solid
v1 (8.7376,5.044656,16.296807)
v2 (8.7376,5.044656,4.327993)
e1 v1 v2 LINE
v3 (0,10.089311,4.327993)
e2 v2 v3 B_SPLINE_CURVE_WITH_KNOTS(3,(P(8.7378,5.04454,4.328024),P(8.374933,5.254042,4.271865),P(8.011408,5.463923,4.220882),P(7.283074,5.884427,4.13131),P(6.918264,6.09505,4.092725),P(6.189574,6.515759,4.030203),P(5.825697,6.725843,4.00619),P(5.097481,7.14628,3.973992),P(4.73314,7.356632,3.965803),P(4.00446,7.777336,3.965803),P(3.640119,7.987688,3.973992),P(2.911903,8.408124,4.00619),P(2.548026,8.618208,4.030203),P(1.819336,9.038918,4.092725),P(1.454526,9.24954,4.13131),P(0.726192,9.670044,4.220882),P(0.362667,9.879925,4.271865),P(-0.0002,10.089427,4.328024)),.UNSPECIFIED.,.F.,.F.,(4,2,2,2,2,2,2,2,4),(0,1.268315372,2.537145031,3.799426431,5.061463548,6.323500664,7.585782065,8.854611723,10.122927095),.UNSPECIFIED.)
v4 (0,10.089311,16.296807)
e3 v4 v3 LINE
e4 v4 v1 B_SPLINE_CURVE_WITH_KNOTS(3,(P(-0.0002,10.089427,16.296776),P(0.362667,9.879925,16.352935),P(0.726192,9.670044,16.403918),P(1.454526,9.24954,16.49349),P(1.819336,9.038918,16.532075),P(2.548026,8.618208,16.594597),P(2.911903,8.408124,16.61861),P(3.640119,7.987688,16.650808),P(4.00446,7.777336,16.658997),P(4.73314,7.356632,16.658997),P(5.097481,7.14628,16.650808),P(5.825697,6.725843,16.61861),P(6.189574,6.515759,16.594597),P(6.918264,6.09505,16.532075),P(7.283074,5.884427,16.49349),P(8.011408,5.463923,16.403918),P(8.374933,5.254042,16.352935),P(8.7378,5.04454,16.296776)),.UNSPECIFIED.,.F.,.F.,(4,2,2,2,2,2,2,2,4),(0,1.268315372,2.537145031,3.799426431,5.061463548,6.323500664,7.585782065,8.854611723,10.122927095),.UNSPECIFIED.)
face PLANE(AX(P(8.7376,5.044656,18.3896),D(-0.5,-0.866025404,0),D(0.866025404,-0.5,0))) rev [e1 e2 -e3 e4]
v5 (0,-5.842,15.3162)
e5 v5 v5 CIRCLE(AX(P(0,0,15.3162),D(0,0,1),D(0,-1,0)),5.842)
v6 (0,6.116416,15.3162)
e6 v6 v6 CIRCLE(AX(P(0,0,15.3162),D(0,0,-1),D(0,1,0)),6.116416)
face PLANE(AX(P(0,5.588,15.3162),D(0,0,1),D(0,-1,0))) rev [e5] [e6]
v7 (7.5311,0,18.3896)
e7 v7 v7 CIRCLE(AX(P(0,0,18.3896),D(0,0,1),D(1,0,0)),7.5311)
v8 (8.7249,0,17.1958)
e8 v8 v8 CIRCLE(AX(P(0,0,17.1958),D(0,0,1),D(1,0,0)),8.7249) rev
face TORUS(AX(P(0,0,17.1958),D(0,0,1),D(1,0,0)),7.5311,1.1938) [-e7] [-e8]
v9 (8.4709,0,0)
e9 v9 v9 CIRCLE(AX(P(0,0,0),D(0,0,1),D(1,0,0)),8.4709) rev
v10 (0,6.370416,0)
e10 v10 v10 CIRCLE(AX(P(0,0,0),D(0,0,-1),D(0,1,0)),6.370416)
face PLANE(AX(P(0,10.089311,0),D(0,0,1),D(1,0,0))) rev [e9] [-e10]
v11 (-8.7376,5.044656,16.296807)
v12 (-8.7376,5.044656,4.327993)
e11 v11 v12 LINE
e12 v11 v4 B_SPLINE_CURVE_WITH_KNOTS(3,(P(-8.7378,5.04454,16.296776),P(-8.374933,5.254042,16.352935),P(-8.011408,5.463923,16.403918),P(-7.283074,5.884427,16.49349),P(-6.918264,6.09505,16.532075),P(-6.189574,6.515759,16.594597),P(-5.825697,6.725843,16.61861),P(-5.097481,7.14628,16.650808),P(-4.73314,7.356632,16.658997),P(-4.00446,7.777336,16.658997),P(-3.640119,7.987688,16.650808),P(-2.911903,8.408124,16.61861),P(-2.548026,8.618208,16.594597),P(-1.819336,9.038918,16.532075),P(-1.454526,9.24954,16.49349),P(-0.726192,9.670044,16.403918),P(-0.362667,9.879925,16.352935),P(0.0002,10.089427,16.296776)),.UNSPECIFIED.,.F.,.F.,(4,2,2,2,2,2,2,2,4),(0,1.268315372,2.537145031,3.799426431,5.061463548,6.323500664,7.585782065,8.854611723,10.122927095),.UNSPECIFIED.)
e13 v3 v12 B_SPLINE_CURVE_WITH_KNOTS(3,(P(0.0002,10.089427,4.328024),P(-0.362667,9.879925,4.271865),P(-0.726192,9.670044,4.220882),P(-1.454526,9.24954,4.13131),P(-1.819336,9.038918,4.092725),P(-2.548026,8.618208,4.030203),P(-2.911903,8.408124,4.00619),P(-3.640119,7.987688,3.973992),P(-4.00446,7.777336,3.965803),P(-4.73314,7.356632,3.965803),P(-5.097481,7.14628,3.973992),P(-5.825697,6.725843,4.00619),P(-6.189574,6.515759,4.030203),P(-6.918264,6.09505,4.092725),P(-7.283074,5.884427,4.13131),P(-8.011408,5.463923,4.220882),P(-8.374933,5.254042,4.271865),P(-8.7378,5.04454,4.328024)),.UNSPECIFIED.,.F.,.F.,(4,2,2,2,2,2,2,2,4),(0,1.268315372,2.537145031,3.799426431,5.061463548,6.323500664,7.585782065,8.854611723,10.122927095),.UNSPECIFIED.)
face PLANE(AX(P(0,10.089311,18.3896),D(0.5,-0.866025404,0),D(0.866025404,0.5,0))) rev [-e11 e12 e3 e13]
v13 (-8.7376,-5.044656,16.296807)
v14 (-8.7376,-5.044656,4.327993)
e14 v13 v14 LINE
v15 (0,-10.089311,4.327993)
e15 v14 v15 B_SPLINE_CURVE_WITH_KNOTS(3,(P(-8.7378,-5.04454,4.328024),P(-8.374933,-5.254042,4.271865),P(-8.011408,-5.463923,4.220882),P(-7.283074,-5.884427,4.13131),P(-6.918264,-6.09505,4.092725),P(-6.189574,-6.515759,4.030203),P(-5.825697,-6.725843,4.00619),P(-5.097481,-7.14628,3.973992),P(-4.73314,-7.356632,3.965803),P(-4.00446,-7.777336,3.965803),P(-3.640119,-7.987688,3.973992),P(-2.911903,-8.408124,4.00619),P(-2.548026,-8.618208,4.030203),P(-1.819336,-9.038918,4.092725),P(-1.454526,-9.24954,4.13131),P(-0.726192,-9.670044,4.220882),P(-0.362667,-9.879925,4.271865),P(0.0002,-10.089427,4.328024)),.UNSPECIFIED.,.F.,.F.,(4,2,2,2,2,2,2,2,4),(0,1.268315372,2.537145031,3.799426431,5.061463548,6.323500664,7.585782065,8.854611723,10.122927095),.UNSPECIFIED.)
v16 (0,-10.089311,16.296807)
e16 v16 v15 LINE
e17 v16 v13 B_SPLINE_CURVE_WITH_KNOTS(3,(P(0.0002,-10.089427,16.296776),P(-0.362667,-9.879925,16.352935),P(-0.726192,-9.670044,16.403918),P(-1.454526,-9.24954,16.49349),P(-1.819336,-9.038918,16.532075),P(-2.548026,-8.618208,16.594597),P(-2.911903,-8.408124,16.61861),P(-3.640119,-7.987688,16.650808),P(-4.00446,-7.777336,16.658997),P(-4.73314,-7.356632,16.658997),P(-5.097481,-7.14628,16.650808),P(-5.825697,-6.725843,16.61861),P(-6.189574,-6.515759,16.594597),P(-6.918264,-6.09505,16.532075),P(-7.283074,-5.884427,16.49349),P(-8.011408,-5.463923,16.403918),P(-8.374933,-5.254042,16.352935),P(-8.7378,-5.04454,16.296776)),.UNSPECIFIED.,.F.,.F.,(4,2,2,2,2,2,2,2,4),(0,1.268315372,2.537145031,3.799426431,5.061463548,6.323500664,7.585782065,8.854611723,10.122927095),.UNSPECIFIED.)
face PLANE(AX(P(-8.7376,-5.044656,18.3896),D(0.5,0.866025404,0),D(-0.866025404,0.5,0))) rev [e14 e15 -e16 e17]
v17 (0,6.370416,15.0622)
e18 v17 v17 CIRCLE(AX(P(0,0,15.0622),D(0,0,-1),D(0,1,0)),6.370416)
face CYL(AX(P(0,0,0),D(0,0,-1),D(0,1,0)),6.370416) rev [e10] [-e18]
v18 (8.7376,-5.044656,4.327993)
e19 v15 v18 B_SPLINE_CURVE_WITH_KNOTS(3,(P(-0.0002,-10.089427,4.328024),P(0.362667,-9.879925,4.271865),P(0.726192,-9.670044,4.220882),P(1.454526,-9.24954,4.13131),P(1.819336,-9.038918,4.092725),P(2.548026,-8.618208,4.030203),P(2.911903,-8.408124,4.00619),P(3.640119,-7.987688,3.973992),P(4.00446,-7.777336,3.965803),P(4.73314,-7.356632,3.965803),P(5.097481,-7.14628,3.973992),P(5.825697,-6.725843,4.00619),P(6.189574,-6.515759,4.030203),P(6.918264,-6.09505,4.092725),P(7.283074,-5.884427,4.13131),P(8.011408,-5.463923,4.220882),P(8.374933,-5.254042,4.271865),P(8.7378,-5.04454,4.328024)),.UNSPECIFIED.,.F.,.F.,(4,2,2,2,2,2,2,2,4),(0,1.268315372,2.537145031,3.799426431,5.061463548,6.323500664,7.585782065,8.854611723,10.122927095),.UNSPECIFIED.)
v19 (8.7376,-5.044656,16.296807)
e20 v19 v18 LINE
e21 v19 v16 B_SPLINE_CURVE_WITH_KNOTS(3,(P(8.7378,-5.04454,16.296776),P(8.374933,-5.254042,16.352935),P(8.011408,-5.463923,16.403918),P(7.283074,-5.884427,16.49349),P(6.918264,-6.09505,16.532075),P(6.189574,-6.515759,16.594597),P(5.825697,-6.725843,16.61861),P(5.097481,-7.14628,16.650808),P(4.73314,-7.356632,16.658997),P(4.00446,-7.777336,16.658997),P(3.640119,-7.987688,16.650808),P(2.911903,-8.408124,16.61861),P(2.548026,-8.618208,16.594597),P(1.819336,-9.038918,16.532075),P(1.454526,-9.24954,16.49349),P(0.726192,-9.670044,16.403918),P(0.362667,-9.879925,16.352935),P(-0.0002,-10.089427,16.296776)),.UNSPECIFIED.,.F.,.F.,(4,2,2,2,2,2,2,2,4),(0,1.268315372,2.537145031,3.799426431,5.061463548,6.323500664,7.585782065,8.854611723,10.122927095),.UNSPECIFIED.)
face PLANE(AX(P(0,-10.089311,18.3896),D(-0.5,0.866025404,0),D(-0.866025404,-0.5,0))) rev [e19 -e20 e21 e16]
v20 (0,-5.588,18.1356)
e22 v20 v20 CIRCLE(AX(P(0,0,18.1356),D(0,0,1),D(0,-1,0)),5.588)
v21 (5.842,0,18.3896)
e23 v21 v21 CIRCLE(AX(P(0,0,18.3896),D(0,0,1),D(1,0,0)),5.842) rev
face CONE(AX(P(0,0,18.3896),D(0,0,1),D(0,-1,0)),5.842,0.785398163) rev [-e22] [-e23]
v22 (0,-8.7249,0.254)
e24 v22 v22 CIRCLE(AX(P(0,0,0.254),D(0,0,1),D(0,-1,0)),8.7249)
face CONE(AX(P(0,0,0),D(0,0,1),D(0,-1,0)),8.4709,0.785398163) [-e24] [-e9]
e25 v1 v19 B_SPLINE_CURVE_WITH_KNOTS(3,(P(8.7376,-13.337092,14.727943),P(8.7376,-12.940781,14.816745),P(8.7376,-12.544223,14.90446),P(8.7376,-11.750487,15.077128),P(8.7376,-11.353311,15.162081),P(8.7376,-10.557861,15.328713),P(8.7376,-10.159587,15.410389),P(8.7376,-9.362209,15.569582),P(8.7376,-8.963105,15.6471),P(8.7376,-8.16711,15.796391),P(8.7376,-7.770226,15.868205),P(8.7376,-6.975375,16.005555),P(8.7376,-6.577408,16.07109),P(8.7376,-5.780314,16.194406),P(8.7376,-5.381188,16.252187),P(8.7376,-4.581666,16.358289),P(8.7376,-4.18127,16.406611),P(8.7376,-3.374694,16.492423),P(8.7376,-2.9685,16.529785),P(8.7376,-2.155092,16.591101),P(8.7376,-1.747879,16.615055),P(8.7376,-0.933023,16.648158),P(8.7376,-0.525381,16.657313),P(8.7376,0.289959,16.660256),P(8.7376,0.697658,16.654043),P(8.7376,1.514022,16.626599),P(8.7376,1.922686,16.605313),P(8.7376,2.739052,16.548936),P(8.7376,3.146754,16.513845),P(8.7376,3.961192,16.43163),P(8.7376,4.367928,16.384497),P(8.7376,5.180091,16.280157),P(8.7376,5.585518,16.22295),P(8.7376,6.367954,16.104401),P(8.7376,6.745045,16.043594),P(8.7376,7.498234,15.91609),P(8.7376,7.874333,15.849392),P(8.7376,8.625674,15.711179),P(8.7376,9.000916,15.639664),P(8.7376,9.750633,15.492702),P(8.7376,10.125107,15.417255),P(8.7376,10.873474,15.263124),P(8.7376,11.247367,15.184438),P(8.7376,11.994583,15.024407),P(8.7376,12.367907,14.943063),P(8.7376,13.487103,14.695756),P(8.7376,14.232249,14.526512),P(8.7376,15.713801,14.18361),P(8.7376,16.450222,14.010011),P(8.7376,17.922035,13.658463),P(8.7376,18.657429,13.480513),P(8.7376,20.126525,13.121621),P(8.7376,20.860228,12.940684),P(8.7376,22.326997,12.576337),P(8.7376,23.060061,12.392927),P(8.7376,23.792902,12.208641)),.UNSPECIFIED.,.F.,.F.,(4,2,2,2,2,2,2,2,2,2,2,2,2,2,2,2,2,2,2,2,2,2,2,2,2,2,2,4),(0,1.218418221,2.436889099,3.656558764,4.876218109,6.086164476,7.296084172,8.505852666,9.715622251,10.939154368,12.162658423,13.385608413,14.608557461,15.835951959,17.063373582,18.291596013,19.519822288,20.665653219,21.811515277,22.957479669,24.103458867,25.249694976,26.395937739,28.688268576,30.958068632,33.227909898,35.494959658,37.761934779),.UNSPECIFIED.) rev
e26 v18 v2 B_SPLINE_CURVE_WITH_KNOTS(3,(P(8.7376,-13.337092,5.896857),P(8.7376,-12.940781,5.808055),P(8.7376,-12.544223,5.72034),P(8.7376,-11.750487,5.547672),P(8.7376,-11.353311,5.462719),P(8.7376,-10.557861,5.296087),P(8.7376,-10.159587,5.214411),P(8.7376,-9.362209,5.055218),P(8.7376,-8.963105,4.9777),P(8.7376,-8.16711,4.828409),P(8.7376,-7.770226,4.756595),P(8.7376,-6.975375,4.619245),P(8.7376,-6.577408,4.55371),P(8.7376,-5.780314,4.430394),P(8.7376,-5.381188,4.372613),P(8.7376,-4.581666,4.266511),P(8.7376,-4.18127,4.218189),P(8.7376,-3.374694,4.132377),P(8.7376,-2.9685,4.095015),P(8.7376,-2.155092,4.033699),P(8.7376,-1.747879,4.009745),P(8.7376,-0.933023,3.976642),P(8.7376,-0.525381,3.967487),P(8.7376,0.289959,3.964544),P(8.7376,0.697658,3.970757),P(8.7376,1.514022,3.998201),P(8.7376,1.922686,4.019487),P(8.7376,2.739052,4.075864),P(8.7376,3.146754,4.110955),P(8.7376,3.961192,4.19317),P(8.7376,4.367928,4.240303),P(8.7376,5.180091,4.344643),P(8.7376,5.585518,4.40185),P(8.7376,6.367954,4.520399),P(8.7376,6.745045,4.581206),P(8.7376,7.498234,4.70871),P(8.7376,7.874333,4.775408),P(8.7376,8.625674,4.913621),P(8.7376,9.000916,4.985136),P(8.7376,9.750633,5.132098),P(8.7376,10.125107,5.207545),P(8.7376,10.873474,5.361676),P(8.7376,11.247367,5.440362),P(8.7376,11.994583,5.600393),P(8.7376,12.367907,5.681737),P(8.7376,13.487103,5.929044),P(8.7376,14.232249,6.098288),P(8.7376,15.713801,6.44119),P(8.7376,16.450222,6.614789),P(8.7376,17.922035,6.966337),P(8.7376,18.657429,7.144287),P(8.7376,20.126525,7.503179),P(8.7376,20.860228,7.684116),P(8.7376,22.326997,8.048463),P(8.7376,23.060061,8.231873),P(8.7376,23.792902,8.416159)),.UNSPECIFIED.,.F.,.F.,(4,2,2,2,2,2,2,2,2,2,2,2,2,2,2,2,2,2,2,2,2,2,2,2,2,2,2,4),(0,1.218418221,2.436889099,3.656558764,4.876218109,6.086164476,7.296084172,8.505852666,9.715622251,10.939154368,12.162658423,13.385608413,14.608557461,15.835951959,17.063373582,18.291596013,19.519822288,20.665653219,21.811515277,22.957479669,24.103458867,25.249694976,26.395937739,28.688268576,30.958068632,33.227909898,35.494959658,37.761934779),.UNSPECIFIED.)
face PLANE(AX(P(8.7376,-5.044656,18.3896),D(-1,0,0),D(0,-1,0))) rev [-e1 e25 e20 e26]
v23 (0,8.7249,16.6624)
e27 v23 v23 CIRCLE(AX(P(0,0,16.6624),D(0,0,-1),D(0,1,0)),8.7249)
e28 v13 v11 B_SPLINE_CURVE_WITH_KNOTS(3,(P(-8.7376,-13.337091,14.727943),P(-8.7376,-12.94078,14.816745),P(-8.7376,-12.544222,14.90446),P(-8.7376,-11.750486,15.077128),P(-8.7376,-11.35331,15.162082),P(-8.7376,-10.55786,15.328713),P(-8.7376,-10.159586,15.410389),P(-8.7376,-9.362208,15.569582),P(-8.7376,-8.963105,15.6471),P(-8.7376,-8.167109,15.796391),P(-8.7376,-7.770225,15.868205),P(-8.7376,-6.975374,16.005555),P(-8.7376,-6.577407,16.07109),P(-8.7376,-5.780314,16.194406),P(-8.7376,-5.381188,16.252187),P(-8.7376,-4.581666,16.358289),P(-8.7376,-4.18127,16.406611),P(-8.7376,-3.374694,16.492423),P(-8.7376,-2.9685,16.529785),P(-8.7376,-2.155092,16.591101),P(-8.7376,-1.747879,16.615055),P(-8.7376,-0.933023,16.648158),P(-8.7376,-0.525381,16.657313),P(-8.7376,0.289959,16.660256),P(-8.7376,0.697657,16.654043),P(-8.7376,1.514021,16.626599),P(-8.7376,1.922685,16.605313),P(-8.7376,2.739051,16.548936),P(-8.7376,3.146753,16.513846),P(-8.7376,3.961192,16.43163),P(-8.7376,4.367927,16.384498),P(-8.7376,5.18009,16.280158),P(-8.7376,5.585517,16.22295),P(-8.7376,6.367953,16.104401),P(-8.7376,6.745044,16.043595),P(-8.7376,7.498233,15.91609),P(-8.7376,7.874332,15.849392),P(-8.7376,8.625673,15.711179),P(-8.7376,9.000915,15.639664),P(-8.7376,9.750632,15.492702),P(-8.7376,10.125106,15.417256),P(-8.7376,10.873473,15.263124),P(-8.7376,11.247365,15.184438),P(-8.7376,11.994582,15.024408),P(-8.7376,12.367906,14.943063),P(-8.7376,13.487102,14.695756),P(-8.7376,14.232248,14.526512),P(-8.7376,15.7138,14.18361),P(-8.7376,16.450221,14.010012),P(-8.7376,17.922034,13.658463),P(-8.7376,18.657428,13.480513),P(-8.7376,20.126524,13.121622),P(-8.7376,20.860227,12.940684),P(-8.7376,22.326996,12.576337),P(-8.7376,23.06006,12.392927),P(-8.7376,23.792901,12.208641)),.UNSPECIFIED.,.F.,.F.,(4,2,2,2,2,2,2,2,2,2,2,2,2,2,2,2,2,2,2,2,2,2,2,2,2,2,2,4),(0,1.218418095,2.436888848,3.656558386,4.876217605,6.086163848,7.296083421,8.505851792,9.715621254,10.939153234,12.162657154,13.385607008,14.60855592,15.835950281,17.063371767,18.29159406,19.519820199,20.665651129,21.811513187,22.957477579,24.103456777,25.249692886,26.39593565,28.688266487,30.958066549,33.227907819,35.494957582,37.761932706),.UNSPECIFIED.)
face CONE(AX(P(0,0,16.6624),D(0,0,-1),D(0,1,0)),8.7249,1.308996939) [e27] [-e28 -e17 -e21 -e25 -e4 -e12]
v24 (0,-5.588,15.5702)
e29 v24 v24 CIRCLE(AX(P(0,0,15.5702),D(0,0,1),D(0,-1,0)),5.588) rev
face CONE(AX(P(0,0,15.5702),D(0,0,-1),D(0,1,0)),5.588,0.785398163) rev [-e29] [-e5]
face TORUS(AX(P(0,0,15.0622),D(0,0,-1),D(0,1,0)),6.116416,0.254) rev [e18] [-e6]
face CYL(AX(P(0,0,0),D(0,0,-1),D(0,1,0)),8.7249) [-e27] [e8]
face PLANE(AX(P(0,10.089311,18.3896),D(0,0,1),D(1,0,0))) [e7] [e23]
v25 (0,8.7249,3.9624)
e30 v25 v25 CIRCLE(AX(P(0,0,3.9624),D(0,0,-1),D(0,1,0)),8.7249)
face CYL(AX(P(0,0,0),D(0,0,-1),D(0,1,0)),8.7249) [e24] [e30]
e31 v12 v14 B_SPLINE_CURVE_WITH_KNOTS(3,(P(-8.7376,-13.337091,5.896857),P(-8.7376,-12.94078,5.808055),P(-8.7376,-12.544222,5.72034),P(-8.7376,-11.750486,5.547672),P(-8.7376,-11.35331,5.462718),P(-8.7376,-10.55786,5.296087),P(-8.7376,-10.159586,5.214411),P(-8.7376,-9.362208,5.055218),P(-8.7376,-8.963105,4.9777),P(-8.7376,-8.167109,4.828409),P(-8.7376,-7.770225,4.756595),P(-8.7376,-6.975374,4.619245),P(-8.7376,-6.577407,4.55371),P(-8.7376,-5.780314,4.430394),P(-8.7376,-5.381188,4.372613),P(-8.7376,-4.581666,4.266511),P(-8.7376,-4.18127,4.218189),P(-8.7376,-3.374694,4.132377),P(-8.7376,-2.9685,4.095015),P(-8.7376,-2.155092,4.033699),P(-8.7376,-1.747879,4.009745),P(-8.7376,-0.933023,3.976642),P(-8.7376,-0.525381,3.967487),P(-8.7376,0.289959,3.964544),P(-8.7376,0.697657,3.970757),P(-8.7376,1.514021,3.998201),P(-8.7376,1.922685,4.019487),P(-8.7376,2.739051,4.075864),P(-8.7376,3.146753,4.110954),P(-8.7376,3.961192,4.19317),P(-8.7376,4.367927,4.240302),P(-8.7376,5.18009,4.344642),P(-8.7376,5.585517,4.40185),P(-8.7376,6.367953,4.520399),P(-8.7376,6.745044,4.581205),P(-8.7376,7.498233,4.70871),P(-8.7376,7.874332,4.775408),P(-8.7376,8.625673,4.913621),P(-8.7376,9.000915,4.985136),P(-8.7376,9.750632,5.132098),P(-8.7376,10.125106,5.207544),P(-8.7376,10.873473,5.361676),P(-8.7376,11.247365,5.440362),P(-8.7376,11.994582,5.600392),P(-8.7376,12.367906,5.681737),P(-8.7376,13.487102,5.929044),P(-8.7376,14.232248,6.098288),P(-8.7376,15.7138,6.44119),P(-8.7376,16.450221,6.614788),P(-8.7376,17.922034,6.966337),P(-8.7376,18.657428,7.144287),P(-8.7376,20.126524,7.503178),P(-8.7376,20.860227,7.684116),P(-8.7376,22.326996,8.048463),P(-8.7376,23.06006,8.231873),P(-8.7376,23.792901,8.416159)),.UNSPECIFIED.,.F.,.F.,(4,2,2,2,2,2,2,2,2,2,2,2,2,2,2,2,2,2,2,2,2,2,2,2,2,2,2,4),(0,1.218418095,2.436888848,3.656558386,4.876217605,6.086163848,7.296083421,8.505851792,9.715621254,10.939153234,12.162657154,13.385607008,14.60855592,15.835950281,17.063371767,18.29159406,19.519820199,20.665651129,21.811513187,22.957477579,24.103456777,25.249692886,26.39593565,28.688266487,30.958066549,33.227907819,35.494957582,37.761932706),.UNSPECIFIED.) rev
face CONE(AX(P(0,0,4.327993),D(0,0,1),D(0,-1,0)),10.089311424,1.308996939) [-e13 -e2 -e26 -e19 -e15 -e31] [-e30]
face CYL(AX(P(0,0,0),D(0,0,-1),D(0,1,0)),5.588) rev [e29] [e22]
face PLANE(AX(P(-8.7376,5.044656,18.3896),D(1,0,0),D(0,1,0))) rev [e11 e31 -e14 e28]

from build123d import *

# Parameters (mm, degrees)
BOSS_EXTRUDE1_DEPTH = 18.3896
FILLET1_R           = 1.1938
CHAMFER1_SIZE       = 0.254
CHAMFER2_SIZE       = 0.254


with BuildPart() as part:
    # Sketch1 → Boss-Extrude1 (new body)
    with BuildSketch(Plane.XY):
        Polygon((0, 10.089311424), (-8.7376, 5.044655712), (-8.7376, -5.044655712), (0, -10.089311424), (8.7376, -5.044655712), (8.7376, 5.044655712), align=None)
    extrude(amount=BOSS_EXTRUDE1_DEPTH)

    # Sketch2 → Cut-Revolve1 (revolve, cut)
    with BuildSketch(Plane(origin=(0, 0, 0), x_dir=(0, 0, -1), z_dir=(1, 0, 0))):
        Polygon((-18.3896, 11.453722848), (-18.3896, 8.7249), (-16.6624, 8.7249), (-16.296807061, 10.089311424), (-4.327992939, 10.089311424), (-3.9624, 8.7249), (0, 8.7249), (0, 11.453722848), align=None)
        with BuildLine():
            Line((-18.3896, 5.588), (-18.3896, 0))
            Line((-18.3896, 0), (0, 0))
            Line((0, 0), (0, 6.370416378))
            Line((0, 6.370416378), (-15.0622, 6.370416378))
            ThreePointArc((-15.0622, 6.370416378), (-15.241805122, 6.2960215), (-15.3162, 6.116416378))
            Line((-15.3162, 6.116416378), (-15.3162, 5.588))
            Line((-15.3162, 5.588), (-18.3896, 5.588))
        make_face()
    revolve(axis=Axis((0, 0, 0), (0, 0, 1)), mode=Mode.SUBTRACT)

    # Fillet1
    fillet1_edges = [part.edges().sort_by_distance(p)[0] for p in [
        (0, -8.7249, 18.3896),
    ]]
    fillet(fillet1_edges, radius=FILLET1_R)

    # Chamfer1
    chamfer1_edges = [part.edges().sort_by_distance(p)[0] for p in [
        (0, -8.7249, 0),
    ]]
    chamfer(chamfer1_edges, length=CHAMFER1_SIZE)

    # Chamfer2
    chamfer2_edges = [part.edges().sort_by_distance(p)[0] for p in [
        (0, -5.588, 18.3896),
        (0, -5.588, 15.3162),
    ]]
    chamfer(chamfer2_edges, length=CHAMFER2_SIZE)


solid = part.part
